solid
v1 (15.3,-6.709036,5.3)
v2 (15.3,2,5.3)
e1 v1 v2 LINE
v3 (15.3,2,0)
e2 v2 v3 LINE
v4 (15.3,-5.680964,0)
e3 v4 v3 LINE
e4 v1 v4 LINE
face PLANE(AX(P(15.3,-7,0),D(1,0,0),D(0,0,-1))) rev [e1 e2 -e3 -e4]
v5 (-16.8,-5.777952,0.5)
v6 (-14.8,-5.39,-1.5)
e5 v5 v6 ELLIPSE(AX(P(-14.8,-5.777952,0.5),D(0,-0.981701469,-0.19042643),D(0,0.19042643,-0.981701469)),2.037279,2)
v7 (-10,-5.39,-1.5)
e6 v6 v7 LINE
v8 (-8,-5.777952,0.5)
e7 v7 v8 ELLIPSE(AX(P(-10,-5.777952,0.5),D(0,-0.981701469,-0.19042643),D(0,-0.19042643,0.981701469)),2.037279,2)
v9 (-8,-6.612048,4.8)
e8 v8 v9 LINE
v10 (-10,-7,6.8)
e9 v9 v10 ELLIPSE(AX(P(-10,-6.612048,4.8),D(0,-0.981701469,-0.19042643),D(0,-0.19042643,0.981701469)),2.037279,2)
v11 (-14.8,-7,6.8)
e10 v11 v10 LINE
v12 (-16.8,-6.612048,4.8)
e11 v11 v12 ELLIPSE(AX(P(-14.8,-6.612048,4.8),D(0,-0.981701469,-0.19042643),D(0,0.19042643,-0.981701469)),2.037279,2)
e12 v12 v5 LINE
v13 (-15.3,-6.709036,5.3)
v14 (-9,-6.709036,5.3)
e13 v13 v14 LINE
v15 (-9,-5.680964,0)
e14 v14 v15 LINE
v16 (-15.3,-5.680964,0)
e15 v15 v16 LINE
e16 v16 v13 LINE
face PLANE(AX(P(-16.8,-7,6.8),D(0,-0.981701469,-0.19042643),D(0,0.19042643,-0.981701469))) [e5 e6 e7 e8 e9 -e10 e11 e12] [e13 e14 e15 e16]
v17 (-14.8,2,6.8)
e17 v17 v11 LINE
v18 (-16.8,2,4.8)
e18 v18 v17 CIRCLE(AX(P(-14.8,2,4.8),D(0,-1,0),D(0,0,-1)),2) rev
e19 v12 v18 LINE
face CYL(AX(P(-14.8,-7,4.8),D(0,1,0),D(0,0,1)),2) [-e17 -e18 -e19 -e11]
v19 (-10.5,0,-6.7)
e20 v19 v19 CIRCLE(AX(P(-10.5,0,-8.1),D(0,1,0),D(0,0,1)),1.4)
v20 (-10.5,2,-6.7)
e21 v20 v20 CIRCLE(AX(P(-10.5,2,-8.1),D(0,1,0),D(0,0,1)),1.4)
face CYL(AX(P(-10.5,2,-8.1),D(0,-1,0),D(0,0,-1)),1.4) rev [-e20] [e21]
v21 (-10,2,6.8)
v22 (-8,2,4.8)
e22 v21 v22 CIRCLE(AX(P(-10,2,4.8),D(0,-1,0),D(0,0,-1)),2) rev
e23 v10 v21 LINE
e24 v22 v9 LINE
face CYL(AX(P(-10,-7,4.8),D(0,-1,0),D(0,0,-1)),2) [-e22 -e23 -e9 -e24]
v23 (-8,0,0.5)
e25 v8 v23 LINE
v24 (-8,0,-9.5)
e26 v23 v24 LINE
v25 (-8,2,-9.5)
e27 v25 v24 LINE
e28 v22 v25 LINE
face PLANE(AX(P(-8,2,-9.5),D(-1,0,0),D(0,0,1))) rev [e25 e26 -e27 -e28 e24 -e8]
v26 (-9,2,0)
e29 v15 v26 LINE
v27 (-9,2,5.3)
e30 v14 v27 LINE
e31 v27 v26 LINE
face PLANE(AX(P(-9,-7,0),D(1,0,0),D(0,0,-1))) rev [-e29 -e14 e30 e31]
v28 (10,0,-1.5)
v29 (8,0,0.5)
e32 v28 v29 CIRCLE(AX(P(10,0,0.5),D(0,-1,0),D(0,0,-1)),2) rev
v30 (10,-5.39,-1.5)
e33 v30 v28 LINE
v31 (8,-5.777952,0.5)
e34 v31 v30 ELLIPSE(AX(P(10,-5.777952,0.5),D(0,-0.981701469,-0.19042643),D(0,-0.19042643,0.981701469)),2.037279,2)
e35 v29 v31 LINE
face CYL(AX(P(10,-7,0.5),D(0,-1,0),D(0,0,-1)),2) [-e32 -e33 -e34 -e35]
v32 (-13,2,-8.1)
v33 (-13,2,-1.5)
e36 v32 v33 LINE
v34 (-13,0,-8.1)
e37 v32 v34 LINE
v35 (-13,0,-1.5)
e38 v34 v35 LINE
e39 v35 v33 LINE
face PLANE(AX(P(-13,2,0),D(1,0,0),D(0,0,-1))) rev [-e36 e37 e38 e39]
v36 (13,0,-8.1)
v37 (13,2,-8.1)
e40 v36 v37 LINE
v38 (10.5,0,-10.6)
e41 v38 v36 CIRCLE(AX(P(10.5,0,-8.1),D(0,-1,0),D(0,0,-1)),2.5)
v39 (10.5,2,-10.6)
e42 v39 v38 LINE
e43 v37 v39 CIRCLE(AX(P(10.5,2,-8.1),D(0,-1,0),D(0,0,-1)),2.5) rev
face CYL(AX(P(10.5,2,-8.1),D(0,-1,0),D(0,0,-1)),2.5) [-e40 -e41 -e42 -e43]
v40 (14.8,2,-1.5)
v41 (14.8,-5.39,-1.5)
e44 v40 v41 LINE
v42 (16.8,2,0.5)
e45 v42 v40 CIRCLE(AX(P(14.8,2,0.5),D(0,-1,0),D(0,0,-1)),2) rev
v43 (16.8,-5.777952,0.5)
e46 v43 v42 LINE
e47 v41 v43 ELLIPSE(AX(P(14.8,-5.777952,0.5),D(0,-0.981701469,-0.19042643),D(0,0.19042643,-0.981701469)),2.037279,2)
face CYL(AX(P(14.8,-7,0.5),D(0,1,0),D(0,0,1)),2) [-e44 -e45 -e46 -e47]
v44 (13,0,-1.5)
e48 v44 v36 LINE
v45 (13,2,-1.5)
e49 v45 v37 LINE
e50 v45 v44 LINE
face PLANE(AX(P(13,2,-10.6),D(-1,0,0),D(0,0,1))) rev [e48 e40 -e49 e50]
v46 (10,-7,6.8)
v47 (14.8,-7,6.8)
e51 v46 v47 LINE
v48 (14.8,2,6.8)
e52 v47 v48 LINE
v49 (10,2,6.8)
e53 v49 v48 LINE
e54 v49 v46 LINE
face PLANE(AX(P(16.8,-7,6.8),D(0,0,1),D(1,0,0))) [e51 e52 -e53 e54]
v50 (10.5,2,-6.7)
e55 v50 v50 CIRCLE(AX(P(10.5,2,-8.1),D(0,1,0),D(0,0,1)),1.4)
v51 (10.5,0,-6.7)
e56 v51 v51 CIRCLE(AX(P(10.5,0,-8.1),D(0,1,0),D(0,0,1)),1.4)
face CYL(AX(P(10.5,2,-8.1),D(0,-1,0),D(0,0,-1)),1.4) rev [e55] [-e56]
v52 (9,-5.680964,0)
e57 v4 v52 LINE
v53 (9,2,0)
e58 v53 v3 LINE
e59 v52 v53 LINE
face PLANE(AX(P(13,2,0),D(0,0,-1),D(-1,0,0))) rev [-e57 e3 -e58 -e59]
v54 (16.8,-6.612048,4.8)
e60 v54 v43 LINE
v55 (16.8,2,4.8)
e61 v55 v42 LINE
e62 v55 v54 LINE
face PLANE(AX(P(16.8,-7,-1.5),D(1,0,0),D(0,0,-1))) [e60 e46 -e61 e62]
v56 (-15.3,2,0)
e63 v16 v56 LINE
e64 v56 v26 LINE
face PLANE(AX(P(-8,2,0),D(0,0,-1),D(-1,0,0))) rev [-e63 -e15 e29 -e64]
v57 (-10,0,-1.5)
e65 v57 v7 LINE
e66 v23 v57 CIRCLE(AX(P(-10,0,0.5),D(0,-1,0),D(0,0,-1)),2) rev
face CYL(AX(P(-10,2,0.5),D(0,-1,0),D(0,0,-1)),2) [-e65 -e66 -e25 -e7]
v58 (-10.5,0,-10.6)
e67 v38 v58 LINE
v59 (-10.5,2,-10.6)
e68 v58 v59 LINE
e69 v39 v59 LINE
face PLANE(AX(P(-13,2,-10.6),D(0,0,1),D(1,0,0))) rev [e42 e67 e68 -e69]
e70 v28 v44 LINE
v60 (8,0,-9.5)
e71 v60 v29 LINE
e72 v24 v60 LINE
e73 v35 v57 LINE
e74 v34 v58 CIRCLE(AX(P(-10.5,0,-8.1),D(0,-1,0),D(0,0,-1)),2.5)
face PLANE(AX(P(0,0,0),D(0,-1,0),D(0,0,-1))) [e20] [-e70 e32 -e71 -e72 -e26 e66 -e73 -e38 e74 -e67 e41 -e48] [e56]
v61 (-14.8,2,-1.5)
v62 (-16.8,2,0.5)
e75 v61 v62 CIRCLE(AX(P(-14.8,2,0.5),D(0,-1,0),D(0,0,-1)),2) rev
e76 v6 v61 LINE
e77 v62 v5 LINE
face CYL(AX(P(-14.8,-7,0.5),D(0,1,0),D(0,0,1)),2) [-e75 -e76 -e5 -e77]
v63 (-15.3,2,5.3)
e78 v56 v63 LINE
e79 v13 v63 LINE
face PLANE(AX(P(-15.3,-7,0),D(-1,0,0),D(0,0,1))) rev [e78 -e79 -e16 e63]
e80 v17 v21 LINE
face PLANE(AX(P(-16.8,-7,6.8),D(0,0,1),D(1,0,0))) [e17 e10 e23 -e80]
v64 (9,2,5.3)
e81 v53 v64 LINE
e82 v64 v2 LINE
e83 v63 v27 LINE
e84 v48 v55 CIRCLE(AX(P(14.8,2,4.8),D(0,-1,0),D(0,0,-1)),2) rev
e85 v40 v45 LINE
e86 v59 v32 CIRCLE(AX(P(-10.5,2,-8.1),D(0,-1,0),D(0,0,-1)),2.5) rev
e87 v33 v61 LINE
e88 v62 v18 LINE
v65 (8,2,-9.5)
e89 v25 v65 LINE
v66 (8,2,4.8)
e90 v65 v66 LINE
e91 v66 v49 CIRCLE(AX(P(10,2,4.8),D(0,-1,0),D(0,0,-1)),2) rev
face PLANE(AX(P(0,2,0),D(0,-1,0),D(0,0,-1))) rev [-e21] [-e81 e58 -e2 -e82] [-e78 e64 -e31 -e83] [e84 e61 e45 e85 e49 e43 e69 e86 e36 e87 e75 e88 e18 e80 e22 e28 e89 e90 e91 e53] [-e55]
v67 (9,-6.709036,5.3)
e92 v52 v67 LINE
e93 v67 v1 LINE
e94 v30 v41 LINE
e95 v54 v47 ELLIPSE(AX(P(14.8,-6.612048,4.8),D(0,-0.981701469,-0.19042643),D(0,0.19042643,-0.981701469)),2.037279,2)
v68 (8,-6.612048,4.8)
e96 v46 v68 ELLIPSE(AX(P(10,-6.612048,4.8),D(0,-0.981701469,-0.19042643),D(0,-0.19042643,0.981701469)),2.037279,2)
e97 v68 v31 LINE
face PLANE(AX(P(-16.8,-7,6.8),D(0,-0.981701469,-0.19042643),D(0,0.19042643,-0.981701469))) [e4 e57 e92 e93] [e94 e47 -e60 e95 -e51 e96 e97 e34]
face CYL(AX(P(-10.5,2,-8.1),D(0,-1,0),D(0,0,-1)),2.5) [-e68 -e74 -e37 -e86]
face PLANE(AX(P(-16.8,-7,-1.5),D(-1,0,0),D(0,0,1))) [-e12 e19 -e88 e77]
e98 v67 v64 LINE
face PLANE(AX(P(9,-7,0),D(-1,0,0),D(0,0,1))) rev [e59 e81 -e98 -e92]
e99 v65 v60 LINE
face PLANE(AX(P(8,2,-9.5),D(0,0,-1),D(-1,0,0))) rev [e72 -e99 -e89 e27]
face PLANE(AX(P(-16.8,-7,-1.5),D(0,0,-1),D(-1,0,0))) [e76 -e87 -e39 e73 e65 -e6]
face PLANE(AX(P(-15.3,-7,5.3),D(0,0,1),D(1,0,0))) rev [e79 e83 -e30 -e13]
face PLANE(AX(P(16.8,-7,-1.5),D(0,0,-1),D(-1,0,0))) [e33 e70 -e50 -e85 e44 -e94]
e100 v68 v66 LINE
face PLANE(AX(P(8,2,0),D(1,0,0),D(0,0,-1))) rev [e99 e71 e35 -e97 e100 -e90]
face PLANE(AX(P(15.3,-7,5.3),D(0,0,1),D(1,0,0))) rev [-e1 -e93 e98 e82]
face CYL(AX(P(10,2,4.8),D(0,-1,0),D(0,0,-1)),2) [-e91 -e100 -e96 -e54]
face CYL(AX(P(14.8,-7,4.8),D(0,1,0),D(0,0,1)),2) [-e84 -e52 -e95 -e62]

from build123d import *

# Parameters (mm, degrees)
SKETCH1_R           = 1.4
BOSS_EXTRUDE1_DEPTH = 2
FILLET1_R           = 2.5
SKETCH2_W           = 8.8
SKETCH2_H           = 8.3
SKETCH2_W_2         = 6.3
SKETCH2_H_2         = 5.3
BOSS_EXTRUDE2_DEPTH = 9
CUT_EXTRUDE1_DEPTH  = 36.921024484
FILLET2_R           = 2


with BuildPart() as part:
    # Sketch1 → Boss-Extrude1 (new body)
    with BuildSketch(Plane(origin=(0, 0, 0), x_dir=(1, 0, 0), z_dir=(0, 1, 0))):
        Polygon((-13, 0), (-13, 10.6), (13, 10.6), (13, 0), (8, 0), (8, 9.5), (-8, 9.5), (-8, 0), align=None)
        with Locations(Location((-10.5, 8.1, 0), (0, 0, 270))):
            Circle(SKETCH1_R, mode=Mode.SUBTRACT)
        with Locations(Location((10.5, 8.1, 0), (0, 0, 270))):
            Circle(SKETCH1_R, mode=Mode.SUBTRACT)
    extrude(amount=BOSS_EXTRUDE1_DEPTH)

    # Fillet1
    fillet1_edges = [part.edges().sort_by_distance(p)[0] for p in [
        (-13, 1, -10.6),
        (13, 1, -10.6),
    ]]
    fillet(fillet1_edges, radius=FILLET1_R)

    # Sketch2 → Boss-Extrude2 (add)
    # profile 1 of 2: a face of its own
    with BuildSketch(Plane(origin=(0, 2, 0), x_dir=(1, 0, 0), z_dir=(0, 1, 0))):
        with Locations((-12.4, -2.65)):
            Rectangle(SKETCH2_W, SKETCH2_H)
        with Locations((-12.15, -2.65)):
            Rectangle(SKETCH2_W_2, SKETCH2_H_2, mode=Mode.SUBTRACT)
    # profile 2 of 2: a face of its own
    with BuildSketch(Plane(origin=(0, 2, 0), x_dir=(1, 0, 0), z_dir=(0, 1, 0))):
        with Locations((12.4, -2.65)):
            Rectangle(SKETCH2_W, SKETCH2_H)
        with Locations((12.15, -2.65)):
            Rectangle(SKETCH2_W_2, SKETCH2_H_2, mode=Mode.SUBTRACT)
    extrude(amount=-BOSS_EXTRUDE2_DEPTH)

    # Sketch3 → Cut-Extrude1 (cut, through all)
    with BuildSketch(Plane.ZY.offset(16.8)):
        Polygon((-37.097656143, -7), (-1.5, -7), (6.8, -7), (-1.5, -5.39), (-36.44627134, 1.388734561), (-107.427912809, 6.900455328), (-108.079297611, -1.488279233), align=None)
    extrude(amount=-CUT_EXTRUDE1_DEPTH, mode=Mode.SUBTRACT)

    # Fillet2
    fillet2_edges = [part.edges().sort_by_distance(p)[0] for p in [
        (16.8, -1.695, -1.5),
        (8, -2.695, -1.5),
        (-8, -2.695, -1.5),
        (-16.8, -1.695, -1.5),
        (-16.8, -2.5, 6.8),
        (-8, -2.5, 6.8),
        (16.8, -2.5, 6.8),
        (8, -2.5, 6.8),
    ]]
    fillet(fillet2_edges, radius=FILLET2_R)


solid = part.part
